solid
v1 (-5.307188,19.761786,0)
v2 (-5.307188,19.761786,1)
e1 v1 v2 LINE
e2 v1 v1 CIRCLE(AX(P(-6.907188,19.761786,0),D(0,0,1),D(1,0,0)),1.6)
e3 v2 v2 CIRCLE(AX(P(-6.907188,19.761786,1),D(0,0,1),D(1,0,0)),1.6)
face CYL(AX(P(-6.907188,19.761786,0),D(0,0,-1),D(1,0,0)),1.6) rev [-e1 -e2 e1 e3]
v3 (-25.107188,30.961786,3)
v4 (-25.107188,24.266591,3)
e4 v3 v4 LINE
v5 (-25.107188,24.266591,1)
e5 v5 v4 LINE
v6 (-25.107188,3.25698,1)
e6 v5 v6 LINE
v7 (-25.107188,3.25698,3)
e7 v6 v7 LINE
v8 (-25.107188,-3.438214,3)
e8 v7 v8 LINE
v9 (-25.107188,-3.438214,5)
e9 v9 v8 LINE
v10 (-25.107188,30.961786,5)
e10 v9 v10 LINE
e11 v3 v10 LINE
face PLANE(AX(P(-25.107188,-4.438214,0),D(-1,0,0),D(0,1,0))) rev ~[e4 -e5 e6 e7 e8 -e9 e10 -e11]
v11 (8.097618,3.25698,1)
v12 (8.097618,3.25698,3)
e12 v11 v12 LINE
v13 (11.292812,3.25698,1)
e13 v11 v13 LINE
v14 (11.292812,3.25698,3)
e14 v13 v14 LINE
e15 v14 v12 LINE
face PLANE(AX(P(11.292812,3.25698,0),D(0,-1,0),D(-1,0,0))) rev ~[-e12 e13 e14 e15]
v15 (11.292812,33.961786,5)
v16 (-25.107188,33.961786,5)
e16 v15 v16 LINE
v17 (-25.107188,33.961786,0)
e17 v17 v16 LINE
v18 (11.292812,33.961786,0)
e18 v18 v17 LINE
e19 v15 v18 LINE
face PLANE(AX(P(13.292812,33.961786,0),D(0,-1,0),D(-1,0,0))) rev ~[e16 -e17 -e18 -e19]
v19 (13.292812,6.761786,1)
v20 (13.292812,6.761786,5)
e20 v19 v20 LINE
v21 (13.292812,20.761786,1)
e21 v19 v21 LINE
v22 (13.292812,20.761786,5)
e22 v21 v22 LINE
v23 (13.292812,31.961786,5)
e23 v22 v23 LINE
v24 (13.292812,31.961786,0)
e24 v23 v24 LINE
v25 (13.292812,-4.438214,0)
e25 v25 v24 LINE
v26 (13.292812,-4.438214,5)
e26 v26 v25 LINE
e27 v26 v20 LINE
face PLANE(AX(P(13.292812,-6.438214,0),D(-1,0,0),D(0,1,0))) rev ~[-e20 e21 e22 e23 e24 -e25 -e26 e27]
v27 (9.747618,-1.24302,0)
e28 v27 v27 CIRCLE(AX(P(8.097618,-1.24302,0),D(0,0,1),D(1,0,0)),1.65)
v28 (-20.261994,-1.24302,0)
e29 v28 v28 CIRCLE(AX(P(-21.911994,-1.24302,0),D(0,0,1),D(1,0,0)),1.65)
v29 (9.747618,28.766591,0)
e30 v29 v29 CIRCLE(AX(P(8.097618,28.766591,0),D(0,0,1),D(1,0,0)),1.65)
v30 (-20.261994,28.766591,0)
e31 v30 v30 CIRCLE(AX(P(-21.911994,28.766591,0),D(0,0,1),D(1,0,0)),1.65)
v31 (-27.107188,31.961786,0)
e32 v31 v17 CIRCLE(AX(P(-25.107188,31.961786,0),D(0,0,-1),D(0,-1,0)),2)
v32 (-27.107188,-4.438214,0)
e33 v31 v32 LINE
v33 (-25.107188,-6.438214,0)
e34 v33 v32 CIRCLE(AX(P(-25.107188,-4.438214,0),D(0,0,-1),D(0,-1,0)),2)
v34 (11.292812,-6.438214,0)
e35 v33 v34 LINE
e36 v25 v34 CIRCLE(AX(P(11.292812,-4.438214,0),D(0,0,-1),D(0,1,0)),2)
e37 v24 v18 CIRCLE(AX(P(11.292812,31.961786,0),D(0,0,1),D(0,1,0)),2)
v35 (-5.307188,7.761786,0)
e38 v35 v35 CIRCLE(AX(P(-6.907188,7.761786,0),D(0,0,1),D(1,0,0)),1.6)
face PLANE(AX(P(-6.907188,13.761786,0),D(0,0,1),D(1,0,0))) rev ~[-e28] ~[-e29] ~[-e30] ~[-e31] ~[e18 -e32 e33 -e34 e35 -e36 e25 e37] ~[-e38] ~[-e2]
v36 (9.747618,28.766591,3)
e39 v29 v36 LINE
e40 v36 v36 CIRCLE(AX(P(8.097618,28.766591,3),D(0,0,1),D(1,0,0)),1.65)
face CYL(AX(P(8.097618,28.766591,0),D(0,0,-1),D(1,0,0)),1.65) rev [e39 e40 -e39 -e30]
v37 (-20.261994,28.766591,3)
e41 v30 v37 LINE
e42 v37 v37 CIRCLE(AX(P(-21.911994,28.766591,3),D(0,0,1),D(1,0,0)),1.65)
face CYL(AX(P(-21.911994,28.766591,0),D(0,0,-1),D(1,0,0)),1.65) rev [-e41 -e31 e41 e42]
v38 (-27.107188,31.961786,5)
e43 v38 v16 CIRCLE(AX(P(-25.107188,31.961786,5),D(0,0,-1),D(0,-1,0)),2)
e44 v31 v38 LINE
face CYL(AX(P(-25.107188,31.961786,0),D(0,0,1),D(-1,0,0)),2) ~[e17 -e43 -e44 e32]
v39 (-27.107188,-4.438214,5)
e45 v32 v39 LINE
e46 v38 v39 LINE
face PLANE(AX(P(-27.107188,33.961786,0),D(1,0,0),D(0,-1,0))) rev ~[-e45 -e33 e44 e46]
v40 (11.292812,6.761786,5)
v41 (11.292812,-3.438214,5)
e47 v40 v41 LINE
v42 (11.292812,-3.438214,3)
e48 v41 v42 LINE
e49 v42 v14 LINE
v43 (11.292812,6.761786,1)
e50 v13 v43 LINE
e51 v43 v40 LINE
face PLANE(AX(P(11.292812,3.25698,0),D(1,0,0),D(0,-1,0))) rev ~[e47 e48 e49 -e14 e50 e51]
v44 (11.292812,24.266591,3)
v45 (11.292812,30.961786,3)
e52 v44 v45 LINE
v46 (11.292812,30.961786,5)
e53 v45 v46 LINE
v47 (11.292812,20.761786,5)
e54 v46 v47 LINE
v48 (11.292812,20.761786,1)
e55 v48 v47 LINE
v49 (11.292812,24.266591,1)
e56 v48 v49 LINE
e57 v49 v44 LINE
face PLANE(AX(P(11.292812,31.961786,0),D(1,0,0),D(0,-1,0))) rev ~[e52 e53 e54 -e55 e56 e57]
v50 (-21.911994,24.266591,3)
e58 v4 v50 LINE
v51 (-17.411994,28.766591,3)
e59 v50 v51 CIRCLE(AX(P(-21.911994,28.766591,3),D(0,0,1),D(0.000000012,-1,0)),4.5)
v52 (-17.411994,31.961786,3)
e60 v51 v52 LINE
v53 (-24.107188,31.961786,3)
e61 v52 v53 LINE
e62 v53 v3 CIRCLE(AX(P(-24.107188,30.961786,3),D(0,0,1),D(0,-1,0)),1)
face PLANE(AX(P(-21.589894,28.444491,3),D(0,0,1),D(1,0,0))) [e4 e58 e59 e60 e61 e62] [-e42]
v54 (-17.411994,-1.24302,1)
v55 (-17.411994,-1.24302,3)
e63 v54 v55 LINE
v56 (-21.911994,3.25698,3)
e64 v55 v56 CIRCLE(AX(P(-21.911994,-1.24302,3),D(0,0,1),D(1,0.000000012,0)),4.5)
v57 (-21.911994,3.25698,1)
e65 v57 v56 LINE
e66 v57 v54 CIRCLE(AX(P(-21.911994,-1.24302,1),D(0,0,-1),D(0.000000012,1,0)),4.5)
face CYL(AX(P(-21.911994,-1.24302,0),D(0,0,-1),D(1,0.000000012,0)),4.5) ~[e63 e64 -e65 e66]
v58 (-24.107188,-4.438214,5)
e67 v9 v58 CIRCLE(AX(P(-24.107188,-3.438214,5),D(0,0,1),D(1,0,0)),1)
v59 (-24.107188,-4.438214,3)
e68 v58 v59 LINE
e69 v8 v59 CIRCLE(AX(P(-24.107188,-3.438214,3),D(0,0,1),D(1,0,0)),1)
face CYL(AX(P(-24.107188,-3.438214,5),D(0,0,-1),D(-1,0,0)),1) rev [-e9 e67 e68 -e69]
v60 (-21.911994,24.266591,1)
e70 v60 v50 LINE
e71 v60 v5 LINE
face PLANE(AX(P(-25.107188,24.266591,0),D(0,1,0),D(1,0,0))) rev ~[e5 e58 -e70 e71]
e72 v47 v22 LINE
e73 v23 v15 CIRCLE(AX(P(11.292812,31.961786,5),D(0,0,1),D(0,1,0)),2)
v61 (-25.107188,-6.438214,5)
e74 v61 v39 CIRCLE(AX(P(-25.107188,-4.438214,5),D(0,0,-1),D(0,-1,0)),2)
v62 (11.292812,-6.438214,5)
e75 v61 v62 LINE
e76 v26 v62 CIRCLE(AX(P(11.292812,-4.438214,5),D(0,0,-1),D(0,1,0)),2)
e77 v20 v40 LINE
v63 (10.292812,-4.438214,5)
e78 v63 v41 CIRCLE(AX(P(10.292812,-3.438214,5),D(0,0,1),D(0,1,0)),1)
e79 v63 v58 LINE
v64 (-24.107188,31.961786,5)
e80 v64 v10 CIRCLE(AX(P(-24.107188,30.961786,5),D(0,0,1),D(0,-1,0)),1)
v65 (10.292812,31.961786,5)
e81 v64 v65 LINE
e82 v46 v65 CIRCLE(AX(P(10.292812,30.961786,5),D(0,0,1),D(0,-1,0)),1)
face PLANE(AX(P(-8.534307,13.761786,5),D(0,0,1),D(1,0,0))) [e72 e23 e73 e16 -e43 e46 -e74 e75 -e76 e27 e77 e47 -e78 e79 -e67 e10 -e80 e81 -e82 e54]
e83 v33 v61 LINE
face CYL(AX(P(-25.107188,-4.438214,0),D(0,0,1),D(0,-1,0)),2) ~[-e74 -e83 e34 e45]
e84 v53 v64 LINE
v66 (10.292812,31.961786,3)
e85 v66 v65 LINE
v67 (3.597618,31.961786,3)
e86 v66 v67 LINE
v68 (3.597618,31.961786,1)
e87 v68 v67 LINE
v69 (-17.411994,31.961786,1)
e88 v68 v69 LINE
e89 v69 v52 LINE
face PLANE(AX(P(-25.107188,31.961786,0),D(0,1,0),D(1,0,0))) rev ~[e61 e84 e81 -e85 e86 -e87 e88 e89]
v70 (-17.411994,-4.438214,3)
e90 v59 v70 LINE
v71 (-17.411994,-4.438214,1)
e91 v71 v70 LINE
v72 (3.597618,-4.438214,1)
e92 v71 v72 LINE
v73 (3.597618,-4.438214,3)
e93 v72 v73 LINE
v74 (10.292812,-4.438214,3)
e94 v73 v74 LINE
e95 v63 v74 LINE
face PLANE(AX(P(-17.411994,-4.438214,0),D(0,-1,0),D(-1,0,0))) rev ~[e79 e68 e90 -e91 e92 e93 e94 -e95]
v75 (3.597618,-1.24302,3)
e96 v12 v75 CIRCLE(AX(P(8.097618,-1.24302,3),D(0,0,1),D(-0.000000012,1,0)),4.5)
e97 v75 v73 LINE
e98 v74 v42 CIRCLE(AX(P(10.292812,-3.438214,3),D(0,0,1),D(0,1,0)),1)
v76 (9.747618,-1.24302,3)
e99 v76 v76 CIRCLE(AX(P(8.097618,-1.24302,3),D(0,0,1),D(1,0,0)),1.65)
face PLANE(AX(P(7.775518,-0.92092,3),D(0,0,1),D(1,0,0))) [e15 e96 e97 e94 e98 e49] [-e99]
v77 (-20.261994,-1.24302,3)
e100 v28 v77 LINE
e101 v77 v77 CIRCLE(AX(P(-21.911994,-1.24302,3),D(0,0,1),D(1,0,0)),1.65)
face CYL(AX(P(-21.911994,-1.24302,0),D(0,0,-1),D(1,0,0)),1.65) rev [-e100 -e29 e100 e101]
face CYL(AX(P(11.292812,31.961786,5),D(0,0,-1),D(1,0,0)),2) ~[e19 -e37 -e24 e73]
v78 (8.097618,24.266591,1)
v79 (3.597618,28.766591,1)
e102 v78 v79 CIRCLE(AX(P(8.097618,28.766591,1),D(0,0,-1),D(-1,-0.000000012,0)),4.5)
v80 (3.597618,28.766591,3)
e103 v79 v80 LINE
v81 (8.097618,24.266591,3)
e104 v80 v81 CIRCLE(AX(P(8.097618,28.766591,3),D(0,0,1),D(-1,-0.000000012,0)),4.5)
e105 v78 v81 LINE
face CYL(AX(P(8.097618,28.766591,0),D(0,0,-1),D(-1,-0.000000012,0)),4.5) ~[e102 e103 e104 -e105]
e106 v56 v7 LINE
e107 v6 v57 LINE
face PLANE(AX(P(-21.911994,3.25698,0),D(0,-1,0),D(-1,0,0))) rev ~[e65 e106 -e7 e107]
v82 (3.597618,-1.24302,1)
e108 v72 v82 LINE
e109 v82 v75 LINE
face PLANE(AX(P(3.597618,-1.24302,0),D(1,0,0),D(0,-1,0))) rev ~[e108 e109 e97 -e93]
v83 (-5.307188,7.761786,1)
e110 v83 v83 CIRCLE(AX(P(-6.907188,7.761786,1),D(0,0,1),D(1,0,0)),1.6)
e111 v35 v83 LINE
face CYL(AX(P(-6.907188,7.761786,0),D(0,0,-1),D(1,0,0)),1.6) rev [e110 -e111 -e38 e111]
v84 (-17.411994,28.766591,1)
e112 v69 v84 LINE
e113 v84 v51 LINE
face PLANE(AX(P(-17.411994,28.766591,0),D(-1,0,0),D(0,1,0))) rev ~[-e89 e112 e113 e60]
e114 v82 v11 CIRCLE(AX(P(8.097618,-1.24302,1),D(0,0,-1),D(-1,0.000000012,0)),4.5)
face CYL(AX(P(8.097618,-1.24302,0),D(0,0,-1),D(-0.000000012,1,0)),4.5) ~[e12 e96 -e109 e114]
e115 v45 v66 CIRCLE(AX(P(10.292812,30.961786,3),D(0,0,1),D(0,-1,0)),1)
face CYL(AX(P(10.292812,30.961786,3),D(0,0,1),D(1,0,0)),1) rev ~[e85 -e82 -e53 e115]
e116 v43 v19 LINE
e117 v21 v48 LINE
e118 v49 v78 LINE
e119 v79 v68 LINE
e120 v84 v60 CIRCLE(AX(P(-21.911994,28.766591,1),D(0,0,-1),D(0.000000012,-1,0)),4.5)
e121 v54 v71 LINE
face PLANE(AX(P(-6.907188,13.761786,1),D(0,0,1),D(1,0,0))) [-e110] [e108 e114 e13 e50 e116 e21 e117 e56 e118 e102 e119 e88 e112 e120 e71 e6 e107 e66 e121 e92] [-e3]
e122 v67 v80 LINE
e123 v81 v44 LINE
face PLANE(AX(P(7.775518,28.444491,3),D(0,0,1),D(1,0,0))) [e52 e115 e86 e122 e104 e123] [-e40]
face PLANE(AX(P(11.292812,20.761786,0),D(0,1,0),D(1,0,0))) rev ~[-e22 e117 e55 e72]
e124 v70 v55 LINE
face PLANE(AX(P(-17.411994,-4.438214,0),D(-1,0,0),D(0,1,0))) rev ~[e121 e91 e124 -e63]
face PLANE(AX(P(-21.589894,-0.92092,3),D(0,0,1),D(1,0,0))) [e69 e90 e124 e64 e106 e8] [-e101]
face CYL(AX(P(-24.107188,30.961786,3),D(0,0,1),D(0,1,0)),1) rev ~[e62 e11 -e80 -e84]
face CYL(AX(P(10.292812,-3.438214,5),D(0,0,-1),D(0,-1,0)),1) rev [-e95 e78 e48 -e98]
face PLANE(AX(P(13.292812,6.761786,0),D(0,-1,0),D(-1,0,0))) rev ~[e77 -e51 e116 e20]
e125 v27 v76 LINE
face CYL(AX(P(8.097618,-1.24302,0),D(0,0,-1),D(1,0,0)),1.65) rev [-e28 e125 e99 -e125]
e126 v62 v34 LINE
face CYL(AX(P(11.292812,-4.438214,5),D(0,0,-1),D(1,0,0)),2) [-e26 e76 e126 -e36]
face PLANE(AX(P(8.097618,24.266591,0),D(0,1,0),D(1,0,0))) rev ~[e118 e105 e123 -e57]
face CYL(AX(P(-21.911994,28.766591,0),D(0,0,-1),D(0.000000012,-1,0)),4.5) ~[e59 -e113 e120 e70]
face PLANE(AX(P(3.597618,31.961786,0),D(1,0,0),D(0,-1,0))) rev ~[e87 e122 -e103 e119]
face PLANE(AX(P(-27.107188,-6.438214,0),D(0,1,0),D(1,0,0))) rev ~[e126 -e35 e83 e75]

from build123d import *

# Parameters (mm, degrees)
F0_R     = 1.6
F0_R_2   = 1.65
F0_W     = 2
F0_H     = 7
F1_DEPTH = 1
F2_DEPTH = 5
F3_DEPTH = 3
F4_R     = 2
F5_R     = 1


with BuildPart() as f1:
    # F0 (on Top) → F1 (new body)
    with BuildSketch(Plane.XY):
        with BuildLine():
            Line((-17.411994, -1.24302), (-17.411994, -4.438214))
            Line((-17.411994, -4.438214), (3.597618, -4.438214))
            Line((3.597618, -4.438214), (3.597618, -1.24302))
            ThreePointArc((3.597618, -1.24302), (4.915637, 1.93896), (8.097618, 3.25698))
            Line((8.097618, 3.25698), (11.292812, 3.25698))
            Line((11.292812, 3.25698), (11.292812, 6.761786))
            Line((11.292812, 6.761786), (11.292812, 13.761786))
            Line((11.292812, 13.761786), (11.292812, 20.761786))
            Line((11.292812, 20.761786), (11.292812, 24.266591))
            Line((11.292812, 24.266591), (8.097618, 24.266591))
            ThreePointArc((8.097618, 24.266591), (4.915637, 25.584611), (3.597618, 28.766591))
            Line((3.597618, 28.766591), (3.597618, 31.961786))
            Line((3.597618, 31.961786), (-17.411994, 31.961786))
            Line((-17.411994, 31.961786), (-17.411994, 28.766591))
            ThreePointArc((-17.411994, 28.766591), (-18.730013, 25.584611), (-21.911994, 24.266591))
            Line((-21.911994, 24.266591), (-25.107188, 24.266591))
            Line((-25.107188, 24.266591), (-25.107188, 3.25698))
            Line((-25.107188, 3.25698), (-21.911994, 3.25698))
            ThreePointArc((-21.911994, 3.25698), (-18.730013, 1.93896), (-17.411994, -1.24302))
        make_face()
        with Locations((-6.907188, 7.761786)):
            Circle(F0_R, mode=Mode.SUBTRACT)
        with Locations((-6.907188, 19.761786)):
            Circle(F0_R, mode=Mode.SUBTRACT)
        Polygon((-17.411994, -4.438214), (-25.107188, -4.438214), (-25.107188, 3.25698), (-25.107188, 24.266591), (-25.107188, 31.961786), (-17.411994, 31.961786), (3.597618, 31.961786), (11.292812, 31.961786), (11.292812, 24.266591), (11.292812, 20.761786), (13.292812, 20.761786), (13.292812, 33.961786), (-27.107188, 33.961786), (-27.107188, -6.438214), (13.292812, -6.438214), (13.292812, 6.761786), (11.292812, 6.761786), (11.292812, 3.25698), (11.292812, -4.438214), (3.597618, -4.438214), align=None)
        with BuildLine():
            Line((-25.107188, 31.961786), (-25.107188, 24.266591))
            Line((-25.107188, 24.266591), (-21.911994, 24.266591))
            ThreePointArc((-21.911994, 24.266591), (-18.730013, 25.584611), (-17.411994, 28.766591))
            Line((-17.411994, 28.766591), (-17.411994, 31.961786))
            Line((-17.411994, 31.961786), (-25.107188, 31.961786))
        make_face()
        with Locations((-21.911994, 28.766591)):
            Circle(F0_R_2, mode=Mode.SUBTRACT)
        with BuildLine():
            Line((11.292812, 31.961786), (3.597618, 31.961786))
            Line((3.597618, 31.961786), (3.597618, 28.766591))
            ThreePointArc((3.597618, 28.766591), (4.915637, 25.584611), (8.097618, 24.266591))
            Line((8.097618, 24.266591), (11.292812, 24.266591))
            Line((11.292812, 24.266591), (11.292812, 31.961786))
        make_face()
        with Locations((8.097618, 28.766591)):
            Circle(F0_R_2, mode=Mode.SUBTRACT)
        with Locations((12.292812, 17.261786)):
            Rectangle(F0_W, F0_H)
        with Locations((12.292812, 10.261786)):
            Rectangle(F0_W, F0_H)
    extrude(amount=F1_DEPTH)

    # F0 (on Top) → F2 (join)
    with BuildSketch(Plane.XY):
        Polygon((-17.411994, -4.438214), (-25.107188, -4.438214), (-25.107188, 3.25698), (-25.107188, 24.266591), (-25.107188, 31.961786), (-17.411994, 31.961786), (3.597618, 31.961786), (11.292812, 31.961786), (11.292812, 24.266591), (11.292812, 20.761786), (13.292812, 20.761786), (13.292812, 33.961786), (-27.107188, 33.961786), (-27.107188, -6.438214), (13.292812, -6.438214), (13.292812, 6.761786), (11.292812, 6.761786), (11.292812, 3.25698), (11.292812, -4.438214), (3.597618, -4.438214), align=None)
    extrude(amount=F2_DEPTH)

    # F0 (on Top) → F3 (join)
    with BuildSketch(Plane.XY):
        with BuildLine():
            Line((-25.107188, 31.961786), (-25.107188, 24.266591))
            Line((-25.107188, 24.266591), (-21.911994, 24.266591))
            ThreePointArc((-21.911994, 24.266591), (-18.730013, 25.584611), (-17.411994, 28.766591))
            Line((-17.411994, 28.766591), (-17.411994, 31.961786))
            Line((-17.411994, 31.961786), (-25.107188, 31.961786))
        make_face()
        with Locations((-21.911994, 28.766591)):
            Circle(F0_R_2, mode=Mode.SUBTRACT)
        with BuildLine():
            Line((-25.107188, 3.25698), (-25.107188, -4.438214))
            Line((-25.107188, -4.438214), (-17.411994, -4.438214))
            Line((-17.411994, -4.438214), (-17.411994, -1.24302))
            ThreePointArc((-17.411994, -1.24302), (-18.730013, 1.93896), (-21.911994, 3.25698))
            Line((-21.911994, 3.25698), (-25.107188, 3.25698))
        make_face()
        with Locations((-21.911994, -1.24302)):
            Circle(F0_R_2, mode=Mode.SUBTRACT)
        with BuildLine():
            Line((11.292812, 31.961786), (3.597618, 31.961786))
            Line((3.597618, 31.961786), (3.597618, 28.766591))
            ThreePointArc((3.597618, 28.766591), (4.915637, 25.584611), (8.097618, 24.266591))
            Line((8.097618, 24.266591), (11.292812, 24.266591))
            Line((11.292812, 24.266591), (11.292812, 31.961786))
        make_face()
        with Locations((8.097618, 28.766591)):
            Circle(F0_R_2, mode=Mode.SUBTRACT)
        with BuildLine():
            Line((3.597618, -1.24302), (3.597618, -4.438214))
            Line((3.597618, -4.438214), (11.292812, -4.438214))
            Line((11.292812, -4.438214), (11.292812, 3.25698))
            Line((11.292812, 3.25698), (8.097618, 3.25698))
            ThreePointArc((8.097618, 3.25698), (4.915637, 1.93896), (3.597618, -1.24302))
        make_face()
        with Locations((8.097618, -1.24302)):
            Circle(F0_R_2, mode=Mode.SUBTRACT)
    extrude(amount=F3_DEPTH)

    # F4
    f4_edges = [f1.edges().sort_by_distance(p)[0] for p in [
        (-27.107188, -6.438214, 2.5),
        (13.292812, -6.438214, 2.5),
        (13.292812, 33.961786, 2.5),
        (-27.107188, 33.961786, 2.5),
    ]]
    fillet(f4_edges, radius=F4_R)

    # F5
    f5_edges = [f1.edges().sort_by_distance(p)[0] for p in [
        (-25.107188, 31.961786, 4),
        (11.292812, 31.961786, 4),
        (11.292812, -4.438214, 4),
        (-25.107188, -4.438214, 4),
    ]]
    fillet(f5_edges, radius=F5_R)


solid = f1.part
